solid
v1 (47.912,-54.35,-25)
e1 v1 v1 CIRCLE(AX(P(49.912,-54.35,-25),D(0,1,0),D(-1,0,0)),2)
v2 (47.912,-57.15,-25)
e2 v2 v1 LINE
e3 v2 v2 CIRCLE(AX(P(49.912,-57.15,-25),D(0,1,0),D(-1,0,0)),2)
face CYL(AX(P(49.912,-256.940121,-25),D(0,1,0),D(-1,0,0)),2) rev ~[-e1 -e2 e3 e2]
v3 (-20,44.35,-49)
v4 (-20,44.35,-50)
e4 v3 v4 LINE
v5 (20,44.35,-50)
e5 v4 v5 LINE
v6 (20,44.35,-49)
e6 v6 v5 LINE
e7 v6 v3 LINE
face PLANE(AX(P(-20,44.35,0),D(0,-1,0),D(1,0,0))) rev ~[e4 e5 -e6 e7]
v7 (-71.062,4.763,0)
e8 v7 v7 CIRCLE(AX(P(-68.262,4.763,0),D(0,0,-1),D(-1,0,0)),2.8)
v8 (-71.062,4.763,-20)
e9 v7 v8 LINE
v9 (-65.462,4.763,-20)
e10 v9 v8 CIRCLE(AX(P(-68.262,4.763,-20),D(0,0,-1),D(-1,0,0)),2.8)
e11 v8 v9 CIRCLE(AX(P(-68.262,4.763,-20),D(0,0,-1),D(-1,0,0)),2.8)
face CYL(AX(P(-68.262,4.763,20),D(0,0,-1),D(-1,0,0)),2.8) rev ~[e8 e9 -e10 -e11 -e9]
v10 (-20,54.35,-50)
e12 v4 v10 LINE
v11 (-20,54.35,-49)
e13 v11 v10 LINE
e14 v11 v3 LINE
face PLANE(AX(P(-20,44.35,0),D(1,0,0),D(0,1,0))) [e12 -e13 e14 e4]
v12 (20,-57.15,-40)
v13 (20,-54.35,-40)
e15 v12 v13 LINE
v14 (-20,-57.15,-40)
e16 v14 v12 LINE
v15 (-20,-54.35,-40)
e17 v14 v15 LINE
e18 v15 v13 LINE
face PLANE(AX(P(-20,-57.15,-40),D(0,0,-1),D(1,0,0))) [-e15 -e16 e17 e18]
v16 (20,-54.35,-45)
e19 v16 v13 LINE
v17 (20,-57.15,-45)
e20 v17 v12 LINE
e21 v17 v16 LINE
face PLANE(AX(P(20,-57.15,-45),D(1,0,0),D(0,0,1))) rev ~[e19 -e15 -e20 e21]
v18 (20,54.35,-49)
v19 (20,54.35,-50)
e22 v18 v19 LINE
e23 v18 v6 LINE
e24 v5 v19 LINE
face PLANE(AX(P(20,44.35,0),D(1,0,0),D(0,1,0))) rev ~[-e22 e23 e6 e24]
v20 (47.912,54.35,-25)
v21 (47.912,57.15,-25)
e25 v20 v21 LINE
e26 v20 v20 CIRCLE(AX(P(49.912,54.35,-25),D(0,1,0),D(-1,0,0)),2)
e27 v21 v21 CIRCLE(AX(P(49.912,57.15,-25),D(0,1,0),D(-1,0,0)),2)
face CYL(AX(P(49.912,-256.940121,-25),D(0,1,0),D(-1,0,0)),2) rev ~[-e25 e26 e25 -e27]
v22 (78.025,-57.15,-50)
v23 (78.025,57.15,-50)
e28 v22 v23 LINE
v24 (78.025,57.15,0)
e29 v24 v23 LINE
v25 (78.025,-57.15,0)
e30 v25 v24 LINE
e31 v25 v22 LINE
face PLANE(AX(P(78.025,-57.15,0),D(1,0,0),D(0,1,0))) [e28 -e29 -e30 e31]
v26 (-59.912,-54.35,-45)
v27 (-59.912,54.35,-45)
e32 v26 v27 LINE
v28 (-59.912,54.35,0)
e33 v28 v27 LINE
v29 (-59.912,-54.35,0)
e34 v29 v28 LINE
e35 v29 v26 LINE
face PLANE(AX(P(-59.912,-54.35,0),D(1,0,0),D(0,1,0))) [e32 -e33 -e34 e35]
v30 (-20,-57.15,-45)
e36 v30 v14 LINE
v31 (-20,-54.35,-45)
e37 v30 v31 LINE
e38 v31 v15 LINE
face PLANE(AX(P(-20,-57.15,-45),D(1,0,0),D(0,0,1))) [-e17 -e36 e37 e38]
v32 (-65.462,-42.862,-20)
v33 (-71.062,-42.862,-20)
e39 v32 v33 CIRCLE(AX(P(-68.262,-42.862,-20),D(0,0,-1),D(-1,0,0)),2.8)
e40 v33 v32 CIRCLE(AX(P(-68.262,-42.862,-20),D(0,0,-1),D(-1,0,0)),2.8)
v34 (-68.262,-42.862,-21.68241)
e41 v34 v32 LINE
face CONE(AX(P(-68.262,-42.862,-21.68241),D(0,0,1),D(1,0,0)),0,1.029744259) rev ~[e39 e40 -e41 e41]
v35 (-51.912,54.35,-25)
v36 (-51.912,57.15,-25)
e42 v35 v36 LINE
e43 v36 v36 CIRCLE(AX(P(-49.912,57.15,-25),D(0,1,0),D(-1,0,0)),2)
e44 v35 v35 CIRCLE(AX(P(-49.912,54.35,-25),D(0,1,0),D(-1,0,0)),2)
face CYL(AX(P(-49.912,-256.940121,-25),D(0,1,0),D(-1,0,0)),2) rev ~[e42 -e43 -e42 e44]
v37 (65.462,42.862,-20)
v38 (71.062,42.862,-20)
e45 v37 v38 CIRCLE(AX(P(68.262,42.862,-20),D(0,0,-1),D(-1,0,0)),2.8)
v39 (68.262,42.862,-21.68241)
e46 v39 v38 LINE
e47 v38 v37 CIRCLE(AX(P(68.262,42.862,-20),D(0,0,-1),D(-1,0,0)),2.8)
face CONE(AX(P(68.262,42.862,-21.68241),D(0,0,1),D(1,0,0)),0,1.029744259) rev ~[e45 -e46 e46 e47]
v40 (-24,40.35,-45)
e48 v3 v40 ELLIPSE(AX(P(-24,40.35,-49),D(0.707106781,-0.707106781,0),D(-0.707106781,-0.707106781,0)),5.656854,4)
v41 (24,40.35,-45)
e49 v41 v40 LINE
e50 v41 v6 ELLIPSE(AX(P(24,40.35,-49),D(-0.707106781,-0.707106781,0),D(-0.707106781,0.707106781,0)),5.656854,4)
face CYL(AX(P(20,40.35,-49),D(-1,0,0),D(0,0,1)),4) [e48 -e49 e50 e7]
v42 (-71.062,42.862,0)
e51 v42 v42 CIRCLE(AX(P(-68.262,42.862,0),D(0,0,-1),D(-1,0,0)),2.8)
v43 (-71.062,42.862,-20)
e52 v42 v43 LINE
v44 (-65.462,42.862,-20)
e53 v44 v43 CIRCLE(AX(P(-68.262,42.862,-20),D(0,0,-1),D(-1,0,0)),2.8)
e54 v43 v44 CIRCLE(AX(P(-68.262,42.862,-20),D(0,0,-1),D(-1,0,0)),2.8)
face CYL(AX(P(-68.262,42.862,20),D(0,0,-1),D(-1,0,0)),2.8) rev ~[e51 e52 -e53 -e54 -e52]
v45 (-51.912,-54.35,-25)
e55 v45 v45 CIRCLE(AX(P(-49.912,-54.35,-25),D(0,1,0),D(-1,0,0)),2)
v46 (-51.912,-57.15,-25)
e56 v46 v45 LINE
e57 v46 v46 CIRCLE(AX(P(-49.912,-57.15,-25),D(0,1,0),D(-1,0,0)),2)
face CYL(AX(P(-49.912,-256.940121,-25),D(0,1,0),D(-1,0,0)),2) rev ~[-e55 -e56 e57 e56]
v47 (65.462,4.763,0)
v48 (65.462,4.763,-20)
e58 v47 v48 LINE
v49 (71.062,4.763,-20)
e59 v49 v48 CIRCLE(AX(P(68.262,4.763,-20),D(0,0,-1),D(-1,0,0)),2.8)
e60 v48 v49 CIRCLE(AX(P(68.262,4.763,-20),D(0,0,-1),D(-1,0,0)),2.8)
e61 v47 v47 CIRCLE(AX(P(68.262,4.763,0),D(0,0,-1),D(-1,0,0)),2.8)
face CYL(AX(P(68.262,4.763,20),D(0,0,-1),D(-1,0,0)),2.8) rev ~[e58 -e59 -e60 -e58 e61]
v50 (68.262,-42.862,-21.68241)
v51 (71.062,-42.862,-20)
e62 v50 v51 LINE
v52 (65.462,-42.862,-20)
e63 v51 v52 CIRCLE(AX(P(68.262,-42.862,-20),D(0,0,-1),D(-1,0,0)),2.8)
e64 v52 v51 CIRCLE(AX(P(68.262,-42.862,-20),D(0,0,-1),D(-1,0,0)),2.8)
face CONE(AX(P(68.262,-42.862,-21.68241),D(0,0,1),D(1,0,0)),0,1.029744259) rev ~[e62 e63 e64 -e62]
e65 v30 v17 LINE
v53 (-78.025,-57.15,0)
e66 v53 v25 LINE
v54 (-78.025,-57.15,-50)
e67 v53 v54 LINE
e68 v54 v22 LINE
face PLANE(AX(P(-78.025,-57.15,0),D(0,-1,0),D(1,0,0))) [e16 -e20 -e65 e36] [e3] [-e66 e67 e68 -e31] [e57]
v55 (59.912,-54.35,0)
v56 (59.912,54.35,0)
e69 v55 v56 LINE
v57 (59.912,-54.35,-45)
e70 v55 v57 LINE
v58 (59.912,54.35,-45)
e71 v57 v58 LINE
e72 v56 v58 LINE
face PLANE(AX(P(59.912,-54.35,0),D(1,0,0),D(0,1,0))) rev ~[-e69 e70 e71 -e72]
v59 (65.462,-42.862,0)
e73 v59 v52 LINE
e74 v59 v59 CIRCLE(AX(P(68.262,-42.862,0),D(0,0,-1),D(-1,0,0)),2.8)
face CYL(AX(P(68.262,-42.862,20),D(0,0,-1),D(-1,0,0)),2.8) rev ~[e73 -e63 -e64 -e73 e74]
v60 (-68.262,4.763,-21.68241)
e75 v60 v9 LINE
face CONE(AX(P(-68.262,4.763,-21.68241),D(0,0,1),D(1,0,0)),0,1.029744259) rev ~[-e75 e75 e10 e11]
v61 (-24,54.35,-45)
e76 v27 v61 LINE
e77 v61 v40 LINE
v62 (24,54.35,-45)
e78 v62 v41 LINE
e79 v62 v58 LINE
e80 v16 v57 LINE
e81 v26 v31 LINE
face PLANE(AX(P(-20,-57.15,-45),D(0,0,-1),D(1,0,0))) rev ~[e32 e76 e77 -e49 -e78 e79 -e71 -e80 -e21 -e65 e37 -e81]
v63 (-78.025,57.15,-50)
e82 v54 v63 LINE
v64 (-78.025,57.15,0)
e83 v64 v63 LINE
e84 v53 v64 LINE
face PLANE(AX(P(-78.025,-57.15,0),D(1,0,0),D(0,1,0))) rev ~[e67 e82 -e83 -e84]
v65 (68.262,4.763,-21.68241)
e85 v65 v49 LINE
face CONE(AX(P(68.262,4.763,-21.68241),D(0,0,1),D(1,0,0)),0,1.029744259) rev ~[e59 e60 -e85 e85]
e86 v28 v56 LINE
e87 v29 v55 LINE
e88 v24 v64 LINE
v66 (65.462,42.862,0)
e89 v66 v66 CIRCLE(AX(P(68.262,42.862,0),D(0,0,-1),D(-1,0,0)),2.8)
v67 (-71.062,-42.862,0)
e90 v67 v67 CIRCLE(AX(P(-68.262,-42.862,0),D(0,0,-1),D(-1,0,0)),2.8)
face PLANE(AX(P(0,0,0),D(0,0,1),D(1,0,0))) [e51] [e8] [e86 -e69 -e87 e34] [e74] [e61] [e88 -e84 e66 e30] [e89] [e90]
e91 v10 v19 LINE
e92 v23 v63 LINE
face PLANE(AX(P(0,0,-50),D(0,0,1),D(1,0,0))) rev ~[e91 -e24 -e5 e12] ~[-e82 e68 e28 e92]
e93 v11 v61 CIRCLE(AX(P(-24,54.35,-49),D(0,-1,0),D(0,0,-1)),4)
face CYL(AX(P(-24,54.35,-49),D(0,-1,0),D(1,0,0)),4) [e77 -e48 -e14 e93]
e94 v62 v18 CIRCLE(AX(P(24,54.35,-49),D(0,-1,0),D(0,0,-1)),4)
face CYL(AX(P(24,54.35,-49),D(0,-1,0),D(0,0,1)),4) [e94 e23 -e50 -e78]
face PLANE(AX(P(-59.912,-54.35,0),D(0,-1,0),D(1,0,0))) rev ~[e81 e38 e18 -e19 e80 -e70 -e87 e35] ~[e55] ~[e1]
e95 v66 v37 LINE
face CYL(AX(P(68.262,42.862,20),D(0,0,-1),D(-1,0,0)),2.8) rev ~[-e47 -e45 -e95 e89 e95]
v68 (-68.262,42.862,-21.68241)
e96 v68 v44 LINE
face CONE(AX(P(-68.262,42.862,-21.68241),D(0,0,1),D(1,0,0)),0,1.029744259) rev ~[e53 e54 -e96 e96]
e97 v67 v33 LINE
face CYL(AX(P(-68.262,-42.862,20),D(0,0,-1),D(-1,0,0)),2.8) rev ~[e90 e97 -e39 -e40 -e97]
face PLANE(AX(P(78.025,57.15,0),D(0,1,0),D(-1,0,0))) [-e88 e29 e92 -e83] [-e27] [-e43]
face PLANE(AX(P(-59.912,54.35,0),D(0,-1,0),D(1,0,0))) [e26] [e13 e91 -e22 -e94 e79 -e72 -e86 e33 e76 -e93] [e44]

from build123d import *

# Parameters (mm, degrees)
F0_W     = 146.05
F0_H     = 114.3
F0_R     = 3.24
F0_W_2   = 5
F1_DEPTH = 50
F2_W     = 119.824
F2_H     = 108.7
F3_DEPTH = 45
F4_D     = 5.6
F4_DEPTH = 20
F4_TIP   = 1.6824097333
F5_W     = 40
F5_H     = 5
F6_DEPTH = 2.8
F7_D     = 4
F8_W     = 40
F8_H     = 10
F9_DEPTH = 50.001
F10_R    = 4


with BuildPart() as f1:
    # F0 (on Top) → F1 (new body)
    with BuildSketch(Plane.XY):
        Rectangle(F0_W, F0_H)
        with Locations((-68.262, -42.862)):
            Circle(F0_R, mode=Mode.SUBTRACT)
        with Locations((68.262, -42.862)):
            Circle(F0_R, mode=Mode.SUBTRACT)
        with Locations((-68.262, 4.763)):
            Circle(F0_R, mode=Mode.SUBTRACT)
        with BuildLine():
            Line((-72.225, -1.587), (-68.262, -1.587))
            ThreePointArc((-68.262, -1.587), (-61.912, 4.763), (-68.262, 11.113))
            Line((-68.262, 11.113), (-72.225, 11.113))
            Line((-72.225, 11.113), (-72.225, 36.512))
            Line((-72.225, 36.512), (-68.262, 36.512))
            ThreePointArc((-68.262, 36.512), (-61.912, 42.862), (-68.262, 49.212))
            Line((-68.262, 49.212), (-72.225, 49.212))
            Line((-72.225, 49.212), (-72.225, 56.35))
            Line((-72.225, 56.35), (72.225, 56.35))
            Line((72.225, 56.35), (72.225, 49.212))
            Line((72.225, 49.212), (68.262, 49.212))
            ThreePointArc((68.262, 49.212), (61.912, 42.862), (68.262, 36.512))
            Line((68.262, 36.512), (72.225, 36.512))
            Line((72.225, 36.512), (72.225, 11.113))
            Line((72.225, 11.113), (68.262, 11.113))
            ThreePointArc((68.262, 11.113), (61.912, 4.763), (68.262, -1.587))
            Line((68.262, -1.587), (72.225, -1.587))
            Line((72.225, -1.587), (72.225, -36.512))
            Line((72.225, -36.512), (68.262, -36.512))
            ThreePointArc((68.262, -36.512), (61.912, -42.862), (68.262, -49.212))
            Line((68.262, -49.212), (72.225, -49.212))
            Line((72.225, -49.212), (72.225, -56.35))
            Line((72.225, -56.35), (-72.225, -56.35))
            Line((-72.225, -56.35), (-72.225, -49.212))
            Line((-72.225, -49.212), (-68.262, -49.212))
            ThreePointArc((-68.262, -49.212), (-61.912, -42.862), (-68.262, -36.512))
            Line((-68.262, -36.512), (-72.225, -36.512))
            Line((-72.225, -36.512), (-72.225, -1.587))
        make_face(mode=Mode.SUBTRACT)
        with Locations((-68.262, 42.862)):
            Circle(F0_R, mode=Mode.SUBTRACT)
        with Locations((68.262, 4.763)):
            Circle(F0_R, mode=Mode.SUBTRACT)
        with Locations((68.262, 42.862)):
            Circle(F0_R, mode=Mode.SUBTRACT)
        with Locations((75.525, 0)):
            Rectangle(F0_W_2, F0_H)
        with Locations((-75.525, 0)):
            Rectangle(F0_W_2, F0_H)
        with Locations((-68.262, 4.763)):
            Circle(F0_R)
        with Locations((-68.262, 42.862)):
            Circle(F0_R)
        with Locations((68.262, 42.862)):
            Circle(F0_R)
        with BuildLine():
            ThreePointArc((-68.262, 11.113), (-61.912, 4.763), (-68.262, -1.587))
            Line((-68.262, -1.587), (-72.225, -1.587))
            Line((-72.225, -1.587), (-72.225, -36.512))
            Line((-72.225, -36.512), (-68.262, -36.512))
            ThreePointArc((-68.262, -36.512), (-61.912, -42.862), (-68.262, -49.212))
            Line((-68.262, -49.212), (-72.225, -49.212))
            Line((-72.225, -49.212), (-72.225, -56.35))
            Line((-72.225, -56.35), (72.225, -56.35))
            Line((72.225, -56.35), (72.225, -49.212))
            Line((72.225, -49.212), (68.262, -49.212))
            ThreePointArc((68.262, -49.212), (61.912, -42.862), (68.262, -36.512))
            Line((68.262, -36.512), (72.225, -36.512))
            Line((72.225, -36.512), (72.225, -1.587))
            Line((72.225, -1.587), (68.262, -1.587))
            ThreePointArc((68.262, -1.587), (61.912, 4.763), (68.262, 11.113))
            Line((68.262, 11.113), (72.225, 11.113))
            Line((72.225, 11.113), (72.225, 36.512))
            Line((72.225, 36.512), (68.262, 36.512))
            ThreePointArc((68.262, 36.512), (61.912, 42.862), (68.262, 49.212))
            Line((68.262, 49.212), (72.225, 49.212))
            Line((72.225, 49.212), (72.225, 56.35))
            Line((72.225, 56.35), (-72.225, 56.35))
            Line((-72.225, 56.35), (-72.225, 49.212))
            Line((-72.225, 49.212), (-68.262, 49.212))
            ThreePointArc((-68.262, 49.212), (-61.912, 42.862), (-68.262, 36.512))
            Line((-68.262, 36.512), (-72.225, 36.512))
            Line((-72.225, 36.512), (-72.225, 11.113))
            Line((-72.225, 11.113), (-68.262, 11.113))
        make_face()
        with Locations((68.262, 4.763)):
            Circle(F0_R)
        with Locations((68.262, -42.862)):
            Circle(F0_R)
        with Locations((-68.262, -42.862)):
            Circle(F0_R)
    extrude(amount=-F1_DEPTH)

    # F2 (on face) → F3 (cut)
    with BuildSketch(Plane.XY):
        Rectangle(F2_W, F2_H)
    extrude(amount=-F3_DEPTH, mode=Mode.SUBTRACT)

    # F4
    with Locations(Plane.XY):
        with Locations((-68.262, 42.862), (-68.262, 4.763), (-68.262, -42.862), (68.262, -42.862), (68.262, 4.763), (68.262, 42.862)):
            Hole(F4_D / 2, depth=F4_DEPTH)
            with Locations((0, 0, -(F4_DEPTH + F4_TIP / 2))):  # 118° drill point
                Cone(0, F4_D / 2, F4_TIP, mode=Mode.SUBTRACT)

    # F5 (on face) → F6 (cut, through all)
    with BuildSketch(Plane.XZ.offset(57.15)):
        with Locations((0, -42.5)):
            Rectangle(F5_W, F5_H)
    extrude(amount=-F6_DEPTH, mode=Mode.SUBTRACT)

    # F7 (through all)
    with Locations(Plane.XZ.offset(57.15)):
        with Locations((-49.912, -25), (49.912, -25)):
            Hole(F7_D / 2)

    # F8 (on face) → F9 (cut, through all)
    with BuildSketch(Plane.XY):
        with Locations((0, 49.35)):
            Rectangle(F8_W, F8_H)
    extrude(amount=-F9_DEPTH, mode=Mode.SUBTRACT)

    # F10
    f10_edges = [f1.edges().sort_by_distance(p)[0] for p in [
        (-20, 49.35, -45),
        (0, 44.35, -45),
        (20, 49.35, -45),
    ]]
    fillet(f10_edges, radius=F10_R)


solid = f1.part
